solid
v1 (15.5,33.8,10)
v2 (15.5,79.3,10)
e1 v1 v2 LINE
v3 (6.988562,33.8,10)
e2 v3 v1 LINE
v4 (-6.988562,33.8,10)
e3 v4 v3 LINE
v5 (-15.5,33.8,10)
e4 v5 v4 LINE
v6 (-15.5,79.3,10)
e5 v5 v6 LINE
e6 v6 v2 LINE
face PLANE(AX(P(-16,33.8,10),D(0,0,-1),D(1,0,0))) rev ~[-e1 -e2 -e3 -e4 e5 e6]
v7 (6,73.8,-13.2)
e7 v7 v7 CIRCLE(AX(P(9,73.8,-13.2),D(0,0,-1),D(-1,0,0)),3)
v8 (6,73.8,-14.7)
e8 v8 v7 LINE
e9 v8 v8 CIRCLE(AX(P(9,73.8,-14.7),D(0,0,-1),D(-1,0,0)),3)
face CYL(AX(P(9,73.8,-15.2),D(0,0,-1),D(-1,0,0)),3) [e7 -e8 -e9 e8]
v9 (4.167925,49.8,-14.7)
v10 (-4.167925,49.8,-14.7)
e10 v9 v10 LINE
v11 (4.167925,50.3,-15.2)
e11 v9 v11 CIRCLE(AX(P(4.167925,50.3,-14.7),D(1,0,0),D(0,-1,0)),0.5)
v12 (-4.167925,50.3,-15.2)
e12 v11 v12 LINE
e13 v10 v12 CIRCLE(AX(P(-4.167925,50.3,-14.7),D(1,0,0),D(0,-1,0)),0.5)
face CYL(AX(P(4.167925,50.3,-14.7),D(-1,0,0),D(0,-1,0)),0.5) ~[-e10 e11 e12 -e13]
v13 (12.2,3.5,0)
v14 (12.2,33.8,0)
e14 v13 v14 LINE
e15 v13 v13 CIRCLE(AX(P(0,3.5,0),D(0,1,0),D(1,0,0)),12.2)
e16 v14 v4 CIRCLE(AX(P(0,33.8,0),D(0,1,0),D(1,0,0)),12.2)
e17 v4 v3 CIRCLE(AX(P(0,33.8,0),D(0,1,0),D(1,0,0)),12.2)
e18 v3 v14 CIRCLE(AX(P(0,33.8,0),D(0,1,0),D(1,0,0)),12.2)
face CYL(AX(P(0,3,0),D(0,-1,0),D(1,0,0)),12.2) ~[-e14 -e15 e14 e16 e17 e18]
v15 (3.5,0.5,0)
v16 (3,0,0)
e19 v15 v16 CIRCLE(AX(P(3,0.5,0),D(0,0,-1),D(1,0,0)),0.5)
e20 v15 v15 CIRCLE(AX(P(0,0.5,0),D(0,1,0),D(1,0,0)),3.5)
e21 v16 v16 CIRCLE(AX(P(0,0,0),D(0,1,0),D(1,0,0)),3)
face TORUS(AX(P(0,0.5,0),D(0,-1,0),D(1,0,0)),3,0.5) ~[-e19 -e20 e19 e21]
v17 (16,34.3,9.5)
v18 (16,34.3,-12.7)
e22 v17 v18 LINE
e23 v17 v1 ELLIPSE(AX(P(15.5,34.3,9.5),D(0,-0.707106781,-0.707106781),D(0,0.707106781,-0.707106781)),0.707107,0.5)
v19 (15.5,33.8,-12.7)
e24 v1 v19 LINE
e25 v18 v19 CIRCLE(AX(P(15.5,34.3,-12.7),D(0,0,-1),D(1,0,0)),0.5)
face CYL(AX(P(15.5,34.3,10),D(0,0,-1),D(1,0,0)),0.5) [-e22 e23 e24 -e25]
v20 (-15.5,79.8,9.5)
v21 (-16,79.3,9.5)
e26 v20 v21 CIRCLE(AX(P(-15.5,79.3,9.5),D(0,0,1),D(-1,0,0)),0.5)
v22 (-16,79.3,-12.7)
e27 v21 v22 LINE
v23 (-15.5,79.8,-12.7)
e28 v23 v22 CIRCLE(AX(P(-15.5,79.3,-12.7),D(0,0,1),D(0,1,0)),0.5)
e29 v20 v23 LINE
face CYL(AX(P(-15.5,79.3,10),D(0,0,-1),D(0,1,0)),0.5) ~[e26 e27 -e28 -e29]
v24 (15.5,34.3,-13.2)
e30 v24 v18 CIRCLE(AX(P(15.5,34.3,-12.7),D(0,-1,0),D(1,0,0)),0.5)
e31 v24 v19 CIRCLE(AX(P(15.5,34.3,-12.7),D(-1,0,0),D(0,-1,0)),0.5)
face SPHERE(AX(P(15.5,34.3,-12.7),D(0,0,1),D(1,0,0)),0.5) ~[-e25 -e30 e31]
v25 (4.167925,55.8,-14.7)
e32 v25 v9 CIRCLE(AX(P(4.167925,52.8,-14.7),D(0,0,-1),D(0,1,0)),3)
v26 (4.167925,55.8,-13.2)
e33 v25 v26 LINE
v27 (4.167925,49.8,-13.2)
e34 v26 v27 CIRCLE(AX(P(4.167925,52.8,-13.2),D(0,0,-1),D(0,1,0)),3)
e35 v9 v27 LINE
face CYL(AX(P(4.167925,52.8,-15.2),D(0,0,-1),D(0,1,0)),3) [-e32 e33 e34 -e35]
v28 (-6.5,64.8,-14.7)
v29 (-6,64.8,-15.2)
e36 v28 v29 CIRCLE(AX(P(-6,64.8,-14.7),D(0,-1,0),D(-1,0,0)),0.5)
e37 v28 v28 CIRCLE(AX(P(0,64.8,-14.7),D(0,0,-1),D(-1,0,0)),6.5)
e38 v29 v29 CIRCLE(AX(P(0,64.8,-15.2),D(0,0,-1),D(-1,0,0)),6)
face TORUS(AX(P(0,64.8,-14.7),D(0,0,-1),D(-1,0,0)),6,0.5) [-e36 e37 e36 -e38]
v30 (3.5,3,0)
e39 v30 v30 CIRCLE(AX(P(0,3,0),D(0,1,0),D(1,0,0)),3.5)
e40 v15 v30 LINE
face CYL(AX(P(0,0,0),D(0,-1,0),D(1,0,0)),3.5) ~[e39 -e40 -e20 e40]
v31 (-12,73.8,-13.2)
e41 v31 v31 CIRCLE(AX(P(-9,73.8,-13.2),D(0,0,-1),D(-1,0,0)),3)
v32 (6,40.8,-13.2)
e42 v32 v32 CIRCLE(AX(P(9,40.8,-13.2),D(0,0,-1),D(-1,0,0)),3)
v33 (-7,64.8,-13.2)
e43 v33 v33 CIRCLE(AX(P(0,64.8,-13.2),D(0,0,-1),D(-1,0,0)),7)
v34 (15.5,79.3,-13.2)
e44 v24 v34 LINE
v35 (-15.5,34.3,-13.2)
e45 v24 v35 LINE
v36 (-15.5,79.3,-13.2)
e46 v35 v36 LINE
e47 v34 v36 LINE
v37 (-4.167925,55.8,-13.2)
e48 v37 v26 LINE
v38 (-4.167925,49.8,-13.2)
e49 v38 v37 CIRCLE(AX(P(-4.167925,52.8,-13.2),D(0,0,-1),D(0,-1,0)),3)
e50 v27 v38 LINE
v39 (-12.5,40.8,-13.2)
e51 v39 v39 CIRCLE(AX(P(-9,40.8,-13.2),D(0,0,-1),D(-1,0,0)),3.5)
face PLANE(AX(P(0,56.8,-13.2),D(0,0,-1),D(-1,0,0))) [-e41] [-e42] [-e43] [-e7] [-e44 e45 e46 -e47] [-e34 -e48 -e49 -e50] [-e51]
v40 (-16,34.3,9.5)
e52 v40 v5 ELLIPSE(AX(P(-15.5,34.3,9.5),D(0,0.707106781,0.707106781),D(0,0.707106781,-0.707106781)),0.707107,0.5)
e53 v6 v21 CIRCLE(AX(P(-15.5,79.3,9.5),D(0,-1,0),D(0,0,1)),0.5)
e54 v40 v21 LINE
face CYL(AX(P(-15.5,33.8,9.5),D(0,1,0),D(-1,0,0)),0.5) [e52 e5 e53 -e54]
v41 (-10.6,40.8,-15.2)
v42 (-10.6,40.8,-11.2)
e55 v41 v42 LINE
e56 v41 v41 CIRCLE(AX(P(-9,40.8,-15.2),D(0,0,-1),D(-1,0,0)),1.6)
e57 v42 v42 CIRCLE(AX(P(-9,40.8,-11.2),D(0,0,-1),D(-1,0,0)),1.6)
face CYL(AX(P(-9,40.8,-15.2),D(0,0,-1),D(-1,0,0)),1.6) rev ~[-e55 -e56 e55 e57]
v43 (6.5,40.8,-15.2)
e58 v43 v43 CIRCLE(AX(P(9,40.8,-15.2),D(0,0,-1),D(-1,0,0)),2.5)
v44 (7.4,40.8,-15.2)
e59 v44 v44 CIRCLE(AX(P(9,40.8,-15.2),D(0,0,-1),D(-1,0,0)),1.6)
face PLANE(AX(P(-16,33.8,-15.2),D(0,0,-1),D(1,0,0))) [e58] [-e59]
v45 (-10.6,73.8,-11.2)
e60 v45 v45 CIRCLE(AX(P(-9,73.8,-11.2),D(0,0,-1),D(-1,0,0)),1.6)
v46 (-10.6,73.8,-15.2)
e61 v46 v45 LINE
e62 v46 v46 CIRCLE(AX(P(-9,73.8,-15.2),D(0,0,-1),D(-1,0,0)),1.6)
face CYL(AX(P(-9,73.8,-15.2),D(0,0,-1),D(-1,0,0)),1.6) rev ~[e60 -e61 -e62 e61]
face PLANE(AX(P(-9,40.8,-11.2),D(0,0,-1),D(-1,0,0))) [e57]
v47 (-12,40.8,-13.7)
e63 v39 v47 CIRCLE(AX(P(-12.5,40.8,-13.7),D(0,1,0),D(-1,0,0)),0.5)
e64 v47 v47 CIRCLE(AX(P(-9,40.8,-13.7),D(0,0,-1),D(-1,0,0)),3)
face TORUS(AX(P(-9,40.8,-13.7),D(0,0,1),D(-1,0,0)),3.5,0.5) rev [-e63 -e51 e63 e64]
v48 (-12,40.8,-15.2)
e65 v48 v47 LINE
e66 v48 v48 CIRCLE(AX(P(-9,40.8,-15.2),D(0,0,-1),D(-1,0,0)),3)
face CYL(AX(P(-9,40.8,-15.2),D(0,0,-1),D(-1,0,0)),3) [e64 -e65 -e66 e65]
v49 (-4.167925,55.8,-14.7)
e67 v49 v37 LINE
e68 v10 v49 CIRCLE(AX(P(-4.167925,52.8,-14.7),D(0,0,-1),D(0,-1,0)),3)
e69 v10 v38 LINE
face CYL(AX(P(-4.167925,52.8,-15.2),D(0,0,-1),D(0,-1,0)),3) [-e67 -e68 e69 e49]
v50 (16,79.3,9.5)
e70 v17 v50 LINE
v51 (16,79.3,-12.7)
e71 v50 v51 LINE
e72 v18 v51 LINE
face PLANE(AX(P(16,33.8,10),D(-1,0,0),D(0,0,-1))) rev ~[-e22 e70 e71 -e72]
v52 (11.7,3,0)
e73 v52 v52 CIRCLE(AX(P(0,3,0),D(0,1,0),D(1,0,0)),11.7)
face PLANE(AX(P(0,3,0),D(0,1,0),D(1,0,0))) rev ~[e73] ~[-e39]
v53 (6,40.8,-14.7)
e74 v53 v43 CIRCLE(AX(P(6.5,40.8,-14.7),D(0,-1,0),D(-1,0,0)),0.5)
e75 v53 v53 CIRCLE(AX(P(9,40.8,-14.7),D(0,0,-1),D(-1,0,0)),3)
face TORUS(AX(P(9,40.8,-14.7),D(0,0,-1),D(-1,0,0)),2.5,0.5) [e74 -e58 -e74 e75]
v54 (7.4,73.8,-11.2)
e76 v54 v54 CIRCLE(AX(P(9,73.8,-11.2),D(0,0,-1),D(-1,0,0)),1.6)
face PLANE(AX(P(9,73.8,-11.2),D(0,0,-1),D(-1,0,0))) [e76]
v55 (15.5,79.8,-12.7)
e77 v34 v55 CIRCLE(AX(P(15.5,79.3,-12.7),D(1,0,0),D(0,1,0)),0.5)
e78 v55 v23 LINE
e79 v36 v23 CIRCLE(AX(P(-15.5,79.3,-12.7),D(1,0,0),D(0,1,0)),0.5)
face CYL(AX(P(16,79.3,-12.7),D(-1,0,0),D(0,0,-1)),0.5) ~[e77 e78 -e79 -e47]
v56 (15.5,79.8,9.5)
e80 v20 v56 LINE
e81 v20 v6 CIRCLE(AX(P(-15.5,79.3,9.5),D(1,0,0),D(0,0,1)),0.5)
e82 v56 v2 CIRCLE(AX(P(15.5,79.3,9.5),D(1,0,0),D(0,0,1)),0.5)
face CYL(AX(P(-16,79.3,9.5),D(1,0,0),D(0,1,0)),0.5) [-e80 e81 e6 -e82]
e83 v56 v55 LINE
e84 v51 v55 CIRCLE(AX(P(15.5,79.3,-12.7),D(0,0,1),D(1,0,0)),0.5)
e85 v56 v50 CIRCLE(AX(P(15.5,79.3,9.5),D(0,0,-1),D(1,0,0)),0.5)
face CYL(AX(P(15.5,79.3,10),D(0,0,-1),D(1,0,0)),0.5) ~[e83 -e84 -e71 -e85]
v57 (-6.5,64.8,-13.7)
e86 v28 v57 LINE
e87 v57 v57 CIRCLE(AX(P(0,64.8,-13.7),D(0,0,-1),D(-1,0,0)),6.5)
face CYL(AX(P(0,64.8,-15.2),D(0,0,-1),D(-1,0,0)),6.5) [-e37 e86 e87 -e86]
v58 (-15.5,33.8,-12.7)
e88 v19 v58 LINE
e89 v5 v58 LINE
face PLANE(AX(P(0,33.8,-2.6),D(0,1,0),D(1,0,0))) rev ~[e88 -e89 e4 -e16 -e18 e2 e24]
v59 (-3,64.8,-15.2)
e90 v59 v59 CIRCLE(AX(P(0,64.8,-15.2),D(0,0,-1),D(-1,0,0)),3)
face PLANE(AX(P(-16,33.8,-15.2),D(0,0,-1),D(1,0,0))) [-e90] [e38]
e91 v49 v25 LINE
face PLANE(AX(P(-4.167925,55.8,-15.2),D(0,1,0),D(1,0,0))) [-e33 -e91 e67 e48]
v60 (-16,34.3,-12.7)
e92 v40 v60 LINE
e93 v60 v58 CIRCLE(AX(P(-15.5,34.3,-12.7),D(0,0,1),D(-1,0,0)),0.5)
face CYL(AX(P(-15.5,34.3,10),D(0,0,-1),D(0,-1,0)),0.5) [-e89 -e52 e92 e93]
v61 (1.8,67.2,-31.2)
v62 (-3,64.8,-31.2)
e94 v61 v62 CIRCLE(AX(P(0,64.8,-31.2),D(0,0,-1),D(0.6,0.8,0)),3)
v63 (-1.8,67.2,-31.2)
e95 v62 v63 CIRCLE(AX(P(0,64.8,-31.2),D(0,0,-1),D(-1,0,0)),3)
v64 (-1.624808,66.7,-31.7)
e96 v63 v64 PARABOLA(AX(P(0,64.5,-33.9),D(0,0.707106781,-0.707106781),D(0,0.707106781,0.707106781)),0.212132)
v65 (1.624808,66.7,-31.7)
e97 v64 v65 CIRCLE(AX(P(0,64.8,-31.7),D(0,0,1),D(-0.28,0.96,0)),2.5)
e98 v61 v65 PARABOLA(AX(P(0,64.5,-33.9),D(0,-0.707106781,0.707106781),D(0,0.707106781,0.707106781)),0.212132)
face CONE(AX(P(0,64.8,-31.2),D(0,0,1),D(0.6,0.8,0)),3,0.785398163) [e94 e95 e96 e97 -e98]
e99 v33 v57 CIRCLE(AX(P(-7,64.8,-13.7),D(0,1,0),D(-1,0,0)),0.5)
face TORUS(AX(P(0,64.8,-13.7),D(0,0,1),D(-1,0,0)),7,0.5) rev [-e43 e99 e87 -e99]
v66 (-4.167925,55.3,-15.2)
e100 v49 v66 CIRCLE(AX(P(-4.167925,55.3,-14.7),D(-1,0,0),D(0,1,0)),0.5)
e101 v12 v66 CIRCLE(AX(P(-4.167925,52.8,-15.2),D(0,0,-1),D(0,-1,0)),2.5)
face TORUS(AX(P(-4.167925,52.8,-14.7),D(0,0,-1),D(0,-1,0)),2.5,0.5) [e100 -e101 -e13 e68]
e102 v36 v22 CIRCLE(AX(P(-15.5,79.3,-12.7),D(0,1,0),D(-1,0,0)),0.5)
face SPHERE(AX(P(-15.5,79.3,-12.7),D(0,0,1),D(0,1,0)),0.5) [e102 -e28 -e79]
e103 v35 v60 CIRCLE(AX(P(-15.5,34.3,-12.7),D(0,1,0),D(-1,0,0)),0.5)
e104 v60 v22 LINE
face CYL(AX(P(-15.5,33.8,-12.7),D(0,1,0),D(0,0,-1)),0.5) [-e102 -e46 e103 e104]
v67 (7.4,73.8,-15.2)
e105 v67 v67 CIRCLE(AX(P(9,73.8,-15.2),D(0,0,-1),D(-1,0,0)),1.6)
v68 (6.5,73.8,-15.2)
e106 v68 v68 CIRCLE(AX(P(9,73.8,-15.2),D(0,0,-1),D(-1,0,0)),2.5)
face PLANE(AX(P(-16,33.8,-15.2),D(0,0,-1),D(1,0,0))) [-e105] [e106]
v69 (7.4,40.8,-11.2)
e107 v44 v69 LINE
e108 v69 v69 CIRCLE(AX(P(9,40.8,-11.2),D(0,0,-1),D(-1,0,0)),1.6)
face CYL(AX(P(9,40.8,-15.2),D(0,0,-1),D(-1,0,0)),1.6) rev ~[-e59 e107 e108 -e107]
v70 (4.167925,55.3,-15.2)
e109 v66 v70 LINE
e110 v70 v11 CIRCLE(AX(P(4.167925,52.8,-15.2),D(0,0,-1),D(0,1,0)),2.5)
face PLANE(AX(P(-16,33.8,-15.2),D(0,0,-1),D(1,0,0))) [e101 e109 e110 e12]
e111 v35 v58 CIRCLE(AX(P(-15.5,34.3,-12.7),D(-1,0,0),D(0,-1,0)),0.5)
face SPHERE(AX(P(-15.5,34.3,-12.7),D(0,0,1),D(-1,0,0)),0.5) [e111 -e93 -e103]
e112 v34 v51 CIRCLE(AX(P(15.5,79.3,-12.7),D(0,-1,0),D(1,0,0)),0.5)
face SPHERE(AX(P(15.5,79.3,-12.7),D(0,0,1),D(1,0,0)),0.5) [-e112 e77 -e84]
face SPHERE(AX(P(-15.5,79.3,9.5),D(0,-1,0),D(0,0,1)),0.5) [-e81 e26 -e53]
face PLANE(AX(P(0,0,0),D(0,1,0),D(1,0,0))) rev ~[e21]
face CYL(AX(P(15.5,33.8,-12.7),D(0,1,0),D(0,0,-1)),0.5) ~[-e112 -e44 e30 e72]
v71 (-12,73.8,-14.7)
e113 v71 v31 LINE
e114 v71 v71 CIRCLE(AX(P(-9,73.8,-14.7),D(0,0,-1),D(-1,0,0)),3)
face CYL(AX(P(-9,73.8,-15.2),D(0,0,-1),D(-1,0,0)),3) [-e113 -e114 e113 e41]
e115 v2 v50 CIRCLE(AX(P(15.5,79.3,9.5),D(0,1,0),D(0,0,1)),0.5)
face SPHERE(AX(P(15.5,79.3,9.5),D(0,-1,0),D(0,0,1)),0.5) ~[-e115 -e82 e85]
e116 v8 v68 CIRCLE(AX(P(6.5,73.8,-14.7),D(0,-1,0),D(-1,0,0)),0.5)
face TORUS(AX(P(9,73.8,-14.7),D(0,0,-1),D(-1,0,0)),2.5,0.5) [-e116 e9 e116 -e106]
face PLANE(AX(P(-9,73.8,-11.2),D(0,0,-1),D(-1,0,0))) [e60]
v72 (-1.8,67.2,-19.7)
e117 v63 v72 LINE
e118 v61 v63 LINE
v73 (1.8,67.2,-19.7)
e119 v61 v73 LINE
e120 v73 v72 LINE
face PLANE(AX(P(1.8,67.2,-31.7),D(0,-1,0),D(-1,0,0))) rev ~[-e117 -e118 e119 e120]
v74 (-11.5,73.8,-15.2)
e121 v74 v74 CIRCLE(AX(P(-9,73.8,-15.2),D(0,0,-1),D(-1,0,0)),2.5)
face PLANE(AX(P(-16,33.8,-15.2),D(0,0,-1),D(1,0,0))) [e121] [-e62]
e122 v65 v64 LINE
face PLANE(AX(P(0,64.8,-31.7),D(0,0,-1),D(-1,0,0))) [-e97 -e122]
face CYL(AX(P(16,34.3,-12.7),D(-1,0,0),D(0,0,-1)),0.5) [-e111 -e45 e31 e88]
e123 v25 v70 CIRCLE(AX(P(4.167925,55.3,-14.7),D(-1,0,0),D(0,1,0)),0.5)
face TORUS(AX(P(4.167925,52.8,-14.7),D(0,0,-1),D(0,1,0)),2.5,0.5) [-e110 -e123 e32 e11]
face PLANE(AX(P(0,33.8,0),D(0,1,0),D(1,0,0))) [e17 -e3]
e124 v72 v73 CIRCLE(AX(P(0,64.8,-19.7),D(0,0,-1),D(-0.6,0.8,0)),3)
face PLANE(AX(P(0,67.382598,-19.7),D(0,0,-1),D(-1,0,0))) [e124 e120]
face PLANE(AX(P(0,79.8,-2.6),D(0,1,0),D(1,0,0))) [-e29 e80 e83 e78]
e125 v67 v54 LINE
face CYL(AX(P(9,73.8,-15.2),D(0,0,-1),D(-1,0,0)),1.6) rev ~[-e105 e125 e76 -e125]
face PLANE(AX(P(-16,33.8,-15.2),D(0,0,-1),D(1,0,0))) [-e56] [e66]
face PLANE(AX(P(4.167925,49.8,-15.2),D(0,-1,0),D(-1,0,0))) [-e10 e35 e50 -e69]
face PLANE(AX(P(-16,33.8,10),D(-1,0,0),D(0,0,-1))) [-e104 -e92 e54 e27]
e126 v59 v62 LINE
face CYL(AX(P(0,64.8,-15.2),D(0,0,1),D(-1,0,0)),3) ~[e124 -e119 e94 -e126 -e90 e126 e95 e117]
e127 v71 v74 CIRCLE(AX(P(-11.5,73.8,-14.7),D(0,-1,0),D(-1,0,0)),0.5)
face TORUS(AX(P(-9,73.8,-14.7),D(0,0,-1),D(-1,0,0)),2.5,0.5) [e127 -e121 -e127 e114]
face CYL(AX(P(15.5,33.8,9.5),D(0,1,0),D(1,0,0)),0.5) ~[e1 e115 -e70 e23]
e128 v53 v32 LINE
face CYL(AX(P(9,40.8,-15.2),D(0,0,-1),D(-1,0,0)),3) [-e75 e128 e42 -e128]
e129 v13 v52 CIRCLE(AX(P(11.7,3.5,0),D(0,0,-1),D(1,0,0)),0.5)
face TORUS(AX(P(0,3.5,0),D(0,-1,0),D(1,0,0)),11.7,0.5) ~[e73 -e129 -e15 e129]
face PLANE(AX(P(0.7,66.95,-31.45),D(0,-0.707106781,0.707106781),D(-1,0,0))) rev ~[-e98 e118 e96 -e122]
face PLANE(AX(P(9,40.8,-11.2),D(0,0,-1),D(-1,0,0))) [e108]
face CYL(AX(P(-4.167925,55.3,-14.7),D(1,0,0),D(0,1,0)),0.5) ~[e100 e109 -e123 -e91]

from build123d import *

# Parameters (mm, degrees)
SKETCH_1_R          = 3.5
EXTRUDE_1_DEPTH     = 3
SKETCH_2_R          = 12.2
EXTRUDE_2_DEPTH     = 30.8
SKETCH_3_W          = 32
SKETCH_3_H          = 25.2
EXTRUDE_3_DEPTH     = 46
SKETCH_4_R          = 3
EXTRUDE_4_DEPTH     = 16.5
CUT_EXTRUDE_1_DEPTH = 12
SKETCH_6_W          = 32
SKETCH_6_H          = 46
SKETCH_6_R          = 6.5
SKETCH_6_R_2        = 3
CUT_EXTRUDE_2_DEPTH = 2
FILLET_1_R          = 0.5
CHAMFER_1_SIZE      = 0.5
CHAMFER_2_SIZE      = 0.5
SKETCH_7_R          = 1.6
CUT_EXTRUDE_3_DEPTH = 4
FILLET_2_R          = 0.5


with BuildPart() as part:
    # Эскиз1 → Бобышка-Вытянуть1 (new body)
    with BuildSketch(Plane(origin=(0, 0, 0), x_dir=(1, 0, 0), z_dir=(0, 1, 0))):
        Circle(SKETCH_1_R)
    extrude(amount=EXTRUDE_1_DEPTH)

    # Эскиз2 → Бобышка-Вытянуть2 (add)
    with BuildSketch(Plane(origin=(0, 3, 0), x_dir=(1, 0, 0), z_dir=(0, 1, 0))):
        Circle(SKETCH_2_R)
    extrude(amount=EXTRUDE_2_DEPTH)

    # Эскиз3 → Бобышка-Вытянуть3 (add)
    with BuildSketch(Plane(origin=(0, 33.8, 0), x_dir=(1, 0, 0), z_dir=(0, 1, 0))):
        with Locations((0, 2.6)):
            Rectangle(SKETCH_3_W, SKETCH_3_H)
    extrude(amount=EXTRUDE_3_DEPTH)

    # Эскиз4 → Бобышка-Вытянуть4 (add)
    with BuildSketch(Plane(origin=(0, 0, -15.2), x_dir=(-1, 0, 0), z_dir=(0, 0, -1))):
        with Locations((0, 64.8)):
            Circle(SKETCH_4_R)
    extrude(amount=EXTRUDE_4_DEPTH)

    # Эскиз5 → Вырез-Вытянуть1 (cut)
    with BuildSketch(Plane(origin=(0, 0, -31.7), x_dir=(-1, 0, 0), z_dir=(0, 0, -1))):
        with BuildLine():
            Line((-1.8, 67.2), (1.8, 67.2))
            ThreePointArc((1.8, 67.2), (0, 67.8), (-1.8, 67.2))
        make_face()
    extrude(amount=-CUT_EXTRUDE_1_DEPTH, mode=Mode.SUBTRACT)

    # Эскиз6 → Вырез-Вытянуть2 (cut)
    with BuildSketch(Plane(origin=(0, 0, -15.2), x_dir=(-1, 0, 0), z_dir=(0, 0, -1))):
        with Locations((0, 56.8)):
            Rectangle(SKETCH_6_W, SKETCH_6_H)
        with Locations((0, 64.8)):
            Circle(SKETCH_6_R, mode=Mode.SUBTRACT)
        with Locations((9, 40.8)):
            Circle(SKETCH_6_R_2, mode=Mode.SUBTRACT)
        with Locations((-9, 40.8)):
            Circle(SKETCH_6_R_2, mode=Mode.SUBTRACT)
        with Locations((-9, 73.8)):
            Circle(SKETCH_6_R_2, mode=Mode.SUBTRACT)
        with Locations((9, 73.8)):
            Circle(SKETCH_6_R_2, mode=Mode.SUBTRACT)
        with BuildLine():
            ThreePointArc((4.167925211, 49.8), (7.167925211, 52.8), (4.167925211, 55.8))
            Line((4.167925211, 55.8), (-4.167925211, 55.8))
            ThreePointArc((-4.167925211, 55.8), (-7.167925211, 52.8), (-4.167925211, 49.8))
            Line((-4.167925211, 49.8), (4.167925211, 49.8))
        make_face(mode=Mode.SUBTRACT)
    extrude(amount=-CUT_EXTRUDE_2_DEPTH, mode=Mode.SUBTRACT)

    # Скругление1
    fillet_1_edges = [part.edges().sort_by_distance(p)[0] for p in [
        (-7.167925211, 52.8, -15.2),
        (7.167925211, 52.8, -15.2),
        (-6, 73.8, -15.2),
        (12, 73.8, -15.2),
        (12, 40.8, -15.2),
        (6.5, 64.8, -15.2),
        (0, 49.8, -15.2),
        (6.5, 64.8, -13.2),
        (-6, 40.8, -13.2),
        (0, 55.8, -15.2),
    ]]
    fillet(fillet_1_edges, radius=FILLET_1_R)

    # Фаска1
    chamfer_1_edges = [part.edges().sort_by_distance(p)[0] for p in [
        (1.341640786, 62.116718427, -31.7),
    ]]
    chamfer(chamfer_1_edges, length=CHAMFER_1_SIZE)

    # Фаска2
    chamfer_2_edges = [part.edges().sort_by_distance(p)[0] for p in [
        (0, 67.2, -31.7),
    ]]
    chamfer(chamfer_2_edges, length=CHAMFER_2_SIZE)

    # Эскиз7 → Вырез-Вытянуть3 (cut)
    with BuildSketch(Plane(origin=(0, 0, -15.2), x_dir=(-1, 0, 0), z_dir=(0, 0, -1))):
        with Locations((9, 73.8)):
            Circle(SKETCH_7_R)
        with Locations((-9, 73.8)):
            Circle(SKETCH_7_R)
        with Locations((-9, 40.8)):
            Circle(SKETCH_7_R)
        with Locations((9, 40.8)):
            Circle(SKETCH_7_R)
    extrude(amount=-CUT_EXTRUDE_3_DEPTH, mode=Mode.SUBTRACT)

    # Скругление2
    fillet_2_edges = [part.edges().sort_by_distance(p)[0] for p in [
        (-16, 56.8, 10),
        (16, 33.8, -1.6),
        (16, 56.8, 10),
        (0, 79.8, 10),
        (16, 79.8, -1.6),
        (-3.5, 0, 0),
        (-16, 79.8, -1.6),
        (-16, 33.8, -1.6),
        (16, 56.8, -13.2),
        (0, 79.8, -13.2),
        (-16, 56.8, -13.2),
        (0, 33.8, -13.2),
        (-12.2, 3, 0),
    ]]
    fillet(fillet_2_edges, radius=FILLET_2_R)


solid = part.part
